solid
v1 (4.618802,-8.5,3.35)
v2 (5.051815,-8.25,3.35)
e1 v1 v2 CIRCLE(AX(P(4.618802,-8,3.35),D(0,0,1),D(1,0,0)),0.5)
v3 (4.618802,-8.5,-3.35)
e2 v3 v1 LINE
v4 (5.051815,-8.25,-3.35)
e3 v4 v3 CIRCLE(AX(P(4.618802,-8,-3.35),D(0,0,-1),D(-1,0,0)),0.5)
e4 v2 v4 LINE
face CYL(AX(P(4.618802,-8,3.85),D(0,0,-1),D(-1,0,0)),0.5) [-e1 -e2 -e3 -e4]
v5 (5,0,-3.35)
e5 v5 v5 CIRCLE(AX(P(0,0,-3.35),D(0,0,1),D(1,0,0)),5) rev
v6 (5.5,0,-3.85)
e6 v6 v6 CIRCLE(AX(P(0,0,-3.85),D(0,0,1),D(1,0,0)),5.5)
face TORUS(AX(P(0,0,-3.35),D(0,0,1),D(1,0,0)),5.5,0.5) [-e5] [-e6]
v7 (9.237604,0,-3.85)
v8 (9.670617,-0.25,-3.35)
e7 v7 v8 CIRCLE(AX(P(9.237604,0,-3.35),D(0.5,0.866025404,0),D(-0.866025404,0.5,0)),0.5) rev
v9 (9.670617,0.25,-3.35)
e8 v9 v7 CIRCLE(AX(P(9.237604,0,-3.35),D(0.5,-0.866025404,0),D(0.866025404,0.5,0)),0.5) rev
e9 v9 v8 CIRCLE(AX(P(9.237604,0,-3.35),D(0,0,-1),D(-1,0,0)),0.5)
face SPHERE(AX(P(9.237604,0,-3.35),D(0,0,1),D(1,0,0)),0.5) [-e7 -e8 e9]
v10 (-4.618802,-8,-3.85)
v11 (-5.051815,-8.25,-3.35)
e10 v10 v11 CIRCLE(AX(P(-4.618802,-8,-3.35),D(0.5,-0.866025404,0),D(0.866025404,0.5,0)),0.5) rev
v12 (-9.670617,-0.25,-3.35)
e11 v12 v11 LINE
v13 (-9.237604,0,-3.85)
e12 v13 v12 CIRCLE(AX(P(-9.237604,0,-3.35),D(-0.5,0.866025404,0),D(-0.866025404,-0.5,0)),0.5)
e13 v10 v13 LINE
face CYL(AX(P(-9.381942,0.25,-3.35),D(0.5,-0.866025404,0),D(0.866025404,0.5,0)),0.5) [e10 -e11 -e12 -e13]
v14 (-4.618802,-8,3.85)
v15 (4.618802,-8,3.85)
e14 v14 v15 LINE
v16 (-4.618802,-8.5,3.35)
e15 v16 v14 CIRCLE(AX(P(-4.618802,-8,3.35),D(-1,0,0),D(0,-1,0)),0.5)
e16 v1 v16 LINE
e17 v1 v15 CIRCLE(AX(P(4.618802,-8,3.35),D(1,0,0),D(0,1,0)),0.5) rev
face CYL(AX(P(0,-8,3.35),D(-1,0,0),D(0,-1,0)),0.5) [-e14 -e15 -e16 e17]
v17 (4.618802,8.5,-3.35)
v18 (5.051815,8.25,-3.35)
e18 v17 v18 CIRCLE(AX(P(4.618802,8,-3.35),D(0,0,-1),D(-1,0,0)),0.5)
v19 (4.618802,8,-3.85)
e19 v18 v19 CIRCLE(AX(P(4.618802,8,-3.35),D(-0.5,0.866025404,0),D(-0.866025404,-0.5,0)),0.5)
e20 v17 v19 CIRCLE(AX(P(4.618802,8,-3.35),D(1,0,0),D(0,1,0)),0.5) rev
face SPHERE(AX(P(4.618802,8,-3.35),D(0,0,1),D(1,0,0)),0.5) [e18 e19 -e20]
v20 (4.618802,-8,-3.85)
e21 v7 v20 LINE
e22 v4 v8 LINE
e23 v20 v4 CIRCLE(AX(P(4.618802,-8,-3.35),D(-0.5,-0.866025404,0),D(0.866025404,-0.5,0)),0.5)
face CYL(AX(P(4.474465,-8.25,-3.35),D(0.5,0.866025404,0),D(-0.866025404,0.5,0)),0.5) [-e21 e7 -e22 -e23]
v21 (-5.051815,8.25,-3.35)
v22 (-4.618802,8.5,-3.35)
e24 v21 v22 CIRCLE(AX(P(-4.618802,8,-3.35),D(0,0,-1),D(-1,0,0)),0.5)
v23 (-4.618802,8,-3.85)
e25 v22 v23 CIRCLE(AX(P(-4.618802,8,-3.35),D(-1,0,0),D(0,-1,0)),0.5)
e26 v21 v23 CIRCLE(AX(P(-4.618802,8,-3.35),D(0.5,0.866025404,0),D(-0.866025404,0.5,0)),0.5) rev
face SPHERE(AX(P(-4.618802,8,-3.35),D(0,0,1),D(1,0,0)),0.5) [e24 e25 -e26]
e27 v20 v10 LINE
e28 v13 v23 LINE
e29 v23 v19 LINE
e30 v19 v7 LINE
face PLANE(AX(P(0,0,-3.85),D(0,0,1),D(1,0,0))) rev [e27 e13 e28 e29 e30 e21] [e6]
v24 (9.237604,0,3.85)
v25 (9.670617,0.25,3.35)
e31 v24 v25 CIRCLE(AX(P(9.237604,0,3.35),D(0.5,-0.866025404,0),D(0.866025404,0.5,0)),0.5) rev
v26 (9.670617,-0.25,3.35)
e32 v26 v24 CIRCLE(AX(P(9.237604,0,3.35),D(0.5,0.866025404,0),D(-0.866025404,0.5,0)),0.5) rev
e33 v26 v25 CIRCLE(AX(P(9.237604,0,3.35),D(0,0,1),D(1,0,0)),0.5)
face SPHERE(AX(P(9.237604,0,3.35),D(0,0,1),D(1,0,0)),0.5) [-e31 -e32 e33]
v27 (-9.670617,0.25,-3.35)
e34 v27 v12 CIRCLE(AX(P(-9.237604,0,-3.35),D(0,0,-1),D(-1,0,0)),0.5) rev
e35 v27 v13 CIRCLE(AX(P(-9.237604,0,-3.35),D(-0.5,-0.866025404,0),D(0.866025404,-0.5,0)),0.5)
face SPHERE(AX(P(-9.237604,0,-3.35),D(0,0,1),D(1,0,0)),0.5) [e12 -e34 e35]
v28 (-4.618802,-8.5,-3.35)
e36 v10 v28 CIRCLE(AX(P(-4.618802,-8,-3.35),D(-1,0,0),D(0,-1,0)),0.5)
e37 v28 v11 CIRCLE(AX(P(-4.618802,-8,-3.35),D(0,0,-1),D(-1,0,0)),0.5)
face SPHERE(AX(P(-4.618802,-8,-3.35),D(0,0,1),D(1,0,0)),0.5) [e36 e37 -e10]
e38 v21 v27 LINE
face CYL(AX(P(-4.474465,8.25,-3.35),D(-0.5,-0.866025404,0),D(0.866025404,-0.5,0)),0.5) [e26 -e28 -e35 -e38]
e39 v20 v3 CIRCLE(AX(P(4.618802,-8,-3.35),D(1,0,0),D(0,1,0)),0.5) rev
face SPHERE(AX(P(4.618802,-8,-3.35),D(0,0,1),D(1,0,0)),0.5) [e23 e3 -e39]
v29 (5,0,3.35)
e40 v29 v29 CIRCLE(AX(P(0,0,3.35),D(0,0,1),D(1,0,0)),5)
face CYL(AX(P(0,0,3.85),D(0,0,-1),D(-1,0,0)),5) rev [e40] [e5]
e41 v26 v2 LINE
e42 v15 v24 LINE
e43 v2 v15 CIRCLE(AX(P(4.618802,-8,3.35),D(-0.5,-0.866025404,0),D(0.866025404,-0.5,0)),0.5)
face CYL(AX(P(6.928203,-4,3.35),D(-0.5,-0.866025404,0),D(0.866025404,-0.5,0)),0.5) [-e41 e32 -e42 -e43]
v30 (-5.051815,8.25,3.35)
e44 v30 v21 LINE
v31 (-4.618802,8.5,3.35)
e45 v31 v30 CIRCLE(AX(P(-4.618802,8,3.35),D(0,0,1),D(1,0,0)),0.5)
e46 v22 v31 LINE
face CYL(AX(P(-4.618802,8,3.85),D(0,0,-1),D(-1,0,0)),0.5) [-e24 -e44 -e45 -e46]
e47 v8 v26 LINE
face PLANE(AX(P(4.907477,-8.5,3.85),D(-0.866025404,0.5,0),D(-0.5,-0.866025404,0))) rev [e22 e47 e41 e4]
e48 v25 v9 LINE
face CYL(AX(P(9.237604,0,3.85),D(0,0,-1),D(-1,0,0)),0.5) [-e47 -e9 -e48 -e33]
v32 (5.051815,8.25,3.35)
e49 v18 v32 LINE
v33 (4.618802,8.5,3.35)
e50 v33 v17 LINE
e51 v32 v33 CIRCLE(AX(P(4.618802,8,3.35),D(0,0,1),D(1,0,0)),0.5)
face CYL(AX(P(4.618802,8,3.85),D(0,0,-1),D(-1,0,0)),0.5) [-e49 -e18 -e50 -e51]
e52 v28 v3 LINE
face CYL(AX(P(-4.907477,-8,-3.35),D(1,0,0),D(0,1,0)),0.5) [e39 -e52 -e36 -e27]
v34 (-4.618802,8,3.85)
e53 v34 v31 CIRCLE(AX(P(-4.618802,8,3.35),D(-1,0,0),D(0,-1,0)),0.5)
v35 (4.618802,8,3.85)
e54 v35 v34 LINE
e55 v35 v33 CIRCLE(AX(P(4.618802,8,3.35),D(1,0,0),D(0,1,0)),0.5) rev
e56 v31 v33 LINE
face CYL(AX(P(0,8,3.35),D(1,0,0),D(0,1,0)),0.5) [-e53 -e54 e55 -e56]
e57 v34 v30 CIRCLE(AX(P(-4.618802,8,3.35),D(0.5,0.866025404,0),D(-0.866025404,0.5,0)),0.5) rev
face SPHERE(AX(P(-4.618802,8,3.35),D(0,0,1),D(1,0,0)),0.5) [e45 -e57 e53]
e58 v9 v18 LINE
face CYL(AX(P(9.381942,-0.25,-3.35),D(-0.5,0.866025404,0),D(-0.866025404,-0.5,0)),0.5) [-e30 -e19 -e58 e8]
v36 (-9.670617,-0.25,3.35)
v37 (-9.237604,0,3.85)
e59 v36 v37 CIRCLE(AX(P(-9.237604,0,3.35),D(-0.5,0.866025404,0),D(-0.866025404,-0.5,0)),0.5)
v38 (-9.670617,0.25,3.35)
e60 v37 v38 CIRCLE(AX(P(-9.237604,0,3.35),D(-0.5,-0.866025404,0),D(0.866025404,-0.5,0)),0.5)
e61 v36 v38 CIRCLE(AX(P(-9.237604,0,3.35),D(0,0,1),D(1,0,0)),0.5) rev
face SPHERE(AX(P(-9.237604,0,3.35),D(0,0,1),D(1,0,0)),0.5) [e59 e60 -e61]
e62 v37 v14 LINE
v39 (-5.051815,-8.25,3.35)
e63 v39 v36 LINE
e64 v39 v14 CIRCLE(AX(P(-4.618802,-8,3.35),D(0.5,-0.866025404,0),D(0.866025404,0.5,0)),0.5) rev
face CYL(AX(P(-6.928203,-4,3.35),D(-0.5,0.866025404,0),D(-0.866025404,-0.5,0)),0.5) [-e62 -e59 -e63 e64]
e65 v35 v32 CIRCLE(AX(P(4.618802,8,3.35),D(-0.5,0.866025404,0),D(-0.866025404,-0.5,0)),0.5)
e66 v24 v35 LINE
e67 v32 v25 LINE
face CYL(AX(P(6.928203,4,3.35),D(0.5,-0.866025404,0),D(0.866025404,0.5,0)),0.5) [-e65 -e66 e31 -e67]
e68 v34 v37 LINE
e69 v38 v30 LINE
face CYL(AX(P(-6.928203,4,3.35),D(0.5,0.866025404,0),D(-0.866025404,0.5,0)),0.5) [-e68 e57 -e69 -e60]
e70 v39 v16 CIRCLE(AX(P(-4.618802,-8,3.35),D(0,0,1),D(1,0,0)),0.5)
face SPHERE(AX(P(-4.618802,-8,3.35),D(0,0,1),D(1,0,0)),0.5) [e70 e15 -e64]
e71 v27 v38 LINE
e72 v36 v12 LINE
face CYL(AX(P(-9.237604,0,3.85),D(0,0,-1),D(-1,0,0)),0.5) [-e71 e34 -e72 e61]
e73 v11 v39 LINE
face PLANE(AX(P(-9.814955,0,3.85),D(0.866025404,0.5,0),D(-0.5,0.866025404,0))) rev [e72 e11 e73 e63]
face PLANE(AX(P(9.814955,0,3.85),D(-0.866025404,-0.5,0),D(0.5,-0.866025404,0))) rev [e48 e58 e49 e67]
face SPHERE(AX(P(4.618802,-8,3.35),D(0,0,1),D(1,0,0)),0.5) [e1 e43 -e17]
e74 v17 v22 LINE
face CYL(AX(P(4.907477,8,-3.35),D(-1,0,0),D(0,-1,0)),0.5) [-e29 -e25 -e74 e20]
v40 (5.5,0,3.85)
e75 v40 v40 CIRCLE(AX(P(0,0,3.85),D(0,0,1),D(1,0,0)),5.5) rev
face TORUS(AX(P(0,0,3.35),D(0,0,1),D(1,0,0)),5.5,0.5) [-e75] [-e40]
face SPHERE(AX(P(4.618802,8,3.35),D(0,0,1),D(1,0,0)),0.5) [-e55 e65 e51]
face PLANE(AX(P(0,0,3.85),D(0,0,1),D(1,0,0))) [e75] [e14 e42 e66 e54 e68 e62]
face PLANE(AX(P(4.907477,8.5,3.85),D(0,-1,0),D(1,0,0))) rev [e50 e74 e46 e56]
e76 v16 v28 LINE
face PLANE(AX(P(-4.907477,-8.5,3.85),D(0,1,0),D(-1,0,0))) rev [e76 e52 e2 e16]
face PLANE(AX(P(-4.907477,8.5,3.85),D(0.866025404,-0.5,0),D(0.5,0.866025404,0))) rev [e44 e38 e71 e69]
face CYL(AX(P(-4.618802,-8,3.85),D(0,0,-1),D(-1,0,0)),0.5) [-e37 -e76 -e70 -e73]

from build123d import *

# Parameters (mm, degrees)
SKIZZE1_R                       = 5
AUFSATZ_LINEAR_AUSTRAGEN1_DEPTH = 3.85
VERRUNDUNG1_R                   = 0.5


with BuildPart() as part:
    # Skizze1 → Aufsatz-Linear austragen1 (new body, symmetric)
    with BuildSketch(Plane.XY):
        Polygon((-9.814954576, 0), (-4.907477288, -8.5), (4.907477288, -8.5), (9.814954576, 0), (4.907477288, 8.5), (-4.907477288, 8.5), align=None)
        Circle(SKIZZE1_R, mode=Mode.SUBTRACT)
    extrude(amount=AUFSATZ_LINEAR_AUSTRAGEN1_DEPTH, both=True)

    # Verrundung1
    verrundung1_edges = [part.edges().sort_by_distance(p)[0] for p in [
        (-4.907477288, 8.5, 0),
        (4.907477288, 8.5, 0),
        (9.814954576, 0, 0),
        (4.907477288, -8.5, 0),
        (-4.907477288, -8.5, 0),
        (-9.814954576, 0, 0),
        (0, -8.5, 3.85),
        (7.361215932, -4.25, 3.85),
        (-5, 0, -3.85),
        (-5, 0, 3.85),
        (7.361215932, 4.25, 3.85),
        (0, 8.5, 3.85),
        (-7.361215932, 4.25, 3.85),
        (0, 8.5, -3.85),
        (7.361215932, 4.25, -3.85),
        (7.361215932, -4.25, -3.85),
        (0, -8.5, -3.85),
        (-7.361215932, -4.25, -3.85),
        (-7.361215932, 4.25, -3.85),
        (-7.361215932, -4.25, 3.85),
    ]]
    fillet(verrundung1_edges, radius=VERRUNDUNG1_R)


solid = part.part
